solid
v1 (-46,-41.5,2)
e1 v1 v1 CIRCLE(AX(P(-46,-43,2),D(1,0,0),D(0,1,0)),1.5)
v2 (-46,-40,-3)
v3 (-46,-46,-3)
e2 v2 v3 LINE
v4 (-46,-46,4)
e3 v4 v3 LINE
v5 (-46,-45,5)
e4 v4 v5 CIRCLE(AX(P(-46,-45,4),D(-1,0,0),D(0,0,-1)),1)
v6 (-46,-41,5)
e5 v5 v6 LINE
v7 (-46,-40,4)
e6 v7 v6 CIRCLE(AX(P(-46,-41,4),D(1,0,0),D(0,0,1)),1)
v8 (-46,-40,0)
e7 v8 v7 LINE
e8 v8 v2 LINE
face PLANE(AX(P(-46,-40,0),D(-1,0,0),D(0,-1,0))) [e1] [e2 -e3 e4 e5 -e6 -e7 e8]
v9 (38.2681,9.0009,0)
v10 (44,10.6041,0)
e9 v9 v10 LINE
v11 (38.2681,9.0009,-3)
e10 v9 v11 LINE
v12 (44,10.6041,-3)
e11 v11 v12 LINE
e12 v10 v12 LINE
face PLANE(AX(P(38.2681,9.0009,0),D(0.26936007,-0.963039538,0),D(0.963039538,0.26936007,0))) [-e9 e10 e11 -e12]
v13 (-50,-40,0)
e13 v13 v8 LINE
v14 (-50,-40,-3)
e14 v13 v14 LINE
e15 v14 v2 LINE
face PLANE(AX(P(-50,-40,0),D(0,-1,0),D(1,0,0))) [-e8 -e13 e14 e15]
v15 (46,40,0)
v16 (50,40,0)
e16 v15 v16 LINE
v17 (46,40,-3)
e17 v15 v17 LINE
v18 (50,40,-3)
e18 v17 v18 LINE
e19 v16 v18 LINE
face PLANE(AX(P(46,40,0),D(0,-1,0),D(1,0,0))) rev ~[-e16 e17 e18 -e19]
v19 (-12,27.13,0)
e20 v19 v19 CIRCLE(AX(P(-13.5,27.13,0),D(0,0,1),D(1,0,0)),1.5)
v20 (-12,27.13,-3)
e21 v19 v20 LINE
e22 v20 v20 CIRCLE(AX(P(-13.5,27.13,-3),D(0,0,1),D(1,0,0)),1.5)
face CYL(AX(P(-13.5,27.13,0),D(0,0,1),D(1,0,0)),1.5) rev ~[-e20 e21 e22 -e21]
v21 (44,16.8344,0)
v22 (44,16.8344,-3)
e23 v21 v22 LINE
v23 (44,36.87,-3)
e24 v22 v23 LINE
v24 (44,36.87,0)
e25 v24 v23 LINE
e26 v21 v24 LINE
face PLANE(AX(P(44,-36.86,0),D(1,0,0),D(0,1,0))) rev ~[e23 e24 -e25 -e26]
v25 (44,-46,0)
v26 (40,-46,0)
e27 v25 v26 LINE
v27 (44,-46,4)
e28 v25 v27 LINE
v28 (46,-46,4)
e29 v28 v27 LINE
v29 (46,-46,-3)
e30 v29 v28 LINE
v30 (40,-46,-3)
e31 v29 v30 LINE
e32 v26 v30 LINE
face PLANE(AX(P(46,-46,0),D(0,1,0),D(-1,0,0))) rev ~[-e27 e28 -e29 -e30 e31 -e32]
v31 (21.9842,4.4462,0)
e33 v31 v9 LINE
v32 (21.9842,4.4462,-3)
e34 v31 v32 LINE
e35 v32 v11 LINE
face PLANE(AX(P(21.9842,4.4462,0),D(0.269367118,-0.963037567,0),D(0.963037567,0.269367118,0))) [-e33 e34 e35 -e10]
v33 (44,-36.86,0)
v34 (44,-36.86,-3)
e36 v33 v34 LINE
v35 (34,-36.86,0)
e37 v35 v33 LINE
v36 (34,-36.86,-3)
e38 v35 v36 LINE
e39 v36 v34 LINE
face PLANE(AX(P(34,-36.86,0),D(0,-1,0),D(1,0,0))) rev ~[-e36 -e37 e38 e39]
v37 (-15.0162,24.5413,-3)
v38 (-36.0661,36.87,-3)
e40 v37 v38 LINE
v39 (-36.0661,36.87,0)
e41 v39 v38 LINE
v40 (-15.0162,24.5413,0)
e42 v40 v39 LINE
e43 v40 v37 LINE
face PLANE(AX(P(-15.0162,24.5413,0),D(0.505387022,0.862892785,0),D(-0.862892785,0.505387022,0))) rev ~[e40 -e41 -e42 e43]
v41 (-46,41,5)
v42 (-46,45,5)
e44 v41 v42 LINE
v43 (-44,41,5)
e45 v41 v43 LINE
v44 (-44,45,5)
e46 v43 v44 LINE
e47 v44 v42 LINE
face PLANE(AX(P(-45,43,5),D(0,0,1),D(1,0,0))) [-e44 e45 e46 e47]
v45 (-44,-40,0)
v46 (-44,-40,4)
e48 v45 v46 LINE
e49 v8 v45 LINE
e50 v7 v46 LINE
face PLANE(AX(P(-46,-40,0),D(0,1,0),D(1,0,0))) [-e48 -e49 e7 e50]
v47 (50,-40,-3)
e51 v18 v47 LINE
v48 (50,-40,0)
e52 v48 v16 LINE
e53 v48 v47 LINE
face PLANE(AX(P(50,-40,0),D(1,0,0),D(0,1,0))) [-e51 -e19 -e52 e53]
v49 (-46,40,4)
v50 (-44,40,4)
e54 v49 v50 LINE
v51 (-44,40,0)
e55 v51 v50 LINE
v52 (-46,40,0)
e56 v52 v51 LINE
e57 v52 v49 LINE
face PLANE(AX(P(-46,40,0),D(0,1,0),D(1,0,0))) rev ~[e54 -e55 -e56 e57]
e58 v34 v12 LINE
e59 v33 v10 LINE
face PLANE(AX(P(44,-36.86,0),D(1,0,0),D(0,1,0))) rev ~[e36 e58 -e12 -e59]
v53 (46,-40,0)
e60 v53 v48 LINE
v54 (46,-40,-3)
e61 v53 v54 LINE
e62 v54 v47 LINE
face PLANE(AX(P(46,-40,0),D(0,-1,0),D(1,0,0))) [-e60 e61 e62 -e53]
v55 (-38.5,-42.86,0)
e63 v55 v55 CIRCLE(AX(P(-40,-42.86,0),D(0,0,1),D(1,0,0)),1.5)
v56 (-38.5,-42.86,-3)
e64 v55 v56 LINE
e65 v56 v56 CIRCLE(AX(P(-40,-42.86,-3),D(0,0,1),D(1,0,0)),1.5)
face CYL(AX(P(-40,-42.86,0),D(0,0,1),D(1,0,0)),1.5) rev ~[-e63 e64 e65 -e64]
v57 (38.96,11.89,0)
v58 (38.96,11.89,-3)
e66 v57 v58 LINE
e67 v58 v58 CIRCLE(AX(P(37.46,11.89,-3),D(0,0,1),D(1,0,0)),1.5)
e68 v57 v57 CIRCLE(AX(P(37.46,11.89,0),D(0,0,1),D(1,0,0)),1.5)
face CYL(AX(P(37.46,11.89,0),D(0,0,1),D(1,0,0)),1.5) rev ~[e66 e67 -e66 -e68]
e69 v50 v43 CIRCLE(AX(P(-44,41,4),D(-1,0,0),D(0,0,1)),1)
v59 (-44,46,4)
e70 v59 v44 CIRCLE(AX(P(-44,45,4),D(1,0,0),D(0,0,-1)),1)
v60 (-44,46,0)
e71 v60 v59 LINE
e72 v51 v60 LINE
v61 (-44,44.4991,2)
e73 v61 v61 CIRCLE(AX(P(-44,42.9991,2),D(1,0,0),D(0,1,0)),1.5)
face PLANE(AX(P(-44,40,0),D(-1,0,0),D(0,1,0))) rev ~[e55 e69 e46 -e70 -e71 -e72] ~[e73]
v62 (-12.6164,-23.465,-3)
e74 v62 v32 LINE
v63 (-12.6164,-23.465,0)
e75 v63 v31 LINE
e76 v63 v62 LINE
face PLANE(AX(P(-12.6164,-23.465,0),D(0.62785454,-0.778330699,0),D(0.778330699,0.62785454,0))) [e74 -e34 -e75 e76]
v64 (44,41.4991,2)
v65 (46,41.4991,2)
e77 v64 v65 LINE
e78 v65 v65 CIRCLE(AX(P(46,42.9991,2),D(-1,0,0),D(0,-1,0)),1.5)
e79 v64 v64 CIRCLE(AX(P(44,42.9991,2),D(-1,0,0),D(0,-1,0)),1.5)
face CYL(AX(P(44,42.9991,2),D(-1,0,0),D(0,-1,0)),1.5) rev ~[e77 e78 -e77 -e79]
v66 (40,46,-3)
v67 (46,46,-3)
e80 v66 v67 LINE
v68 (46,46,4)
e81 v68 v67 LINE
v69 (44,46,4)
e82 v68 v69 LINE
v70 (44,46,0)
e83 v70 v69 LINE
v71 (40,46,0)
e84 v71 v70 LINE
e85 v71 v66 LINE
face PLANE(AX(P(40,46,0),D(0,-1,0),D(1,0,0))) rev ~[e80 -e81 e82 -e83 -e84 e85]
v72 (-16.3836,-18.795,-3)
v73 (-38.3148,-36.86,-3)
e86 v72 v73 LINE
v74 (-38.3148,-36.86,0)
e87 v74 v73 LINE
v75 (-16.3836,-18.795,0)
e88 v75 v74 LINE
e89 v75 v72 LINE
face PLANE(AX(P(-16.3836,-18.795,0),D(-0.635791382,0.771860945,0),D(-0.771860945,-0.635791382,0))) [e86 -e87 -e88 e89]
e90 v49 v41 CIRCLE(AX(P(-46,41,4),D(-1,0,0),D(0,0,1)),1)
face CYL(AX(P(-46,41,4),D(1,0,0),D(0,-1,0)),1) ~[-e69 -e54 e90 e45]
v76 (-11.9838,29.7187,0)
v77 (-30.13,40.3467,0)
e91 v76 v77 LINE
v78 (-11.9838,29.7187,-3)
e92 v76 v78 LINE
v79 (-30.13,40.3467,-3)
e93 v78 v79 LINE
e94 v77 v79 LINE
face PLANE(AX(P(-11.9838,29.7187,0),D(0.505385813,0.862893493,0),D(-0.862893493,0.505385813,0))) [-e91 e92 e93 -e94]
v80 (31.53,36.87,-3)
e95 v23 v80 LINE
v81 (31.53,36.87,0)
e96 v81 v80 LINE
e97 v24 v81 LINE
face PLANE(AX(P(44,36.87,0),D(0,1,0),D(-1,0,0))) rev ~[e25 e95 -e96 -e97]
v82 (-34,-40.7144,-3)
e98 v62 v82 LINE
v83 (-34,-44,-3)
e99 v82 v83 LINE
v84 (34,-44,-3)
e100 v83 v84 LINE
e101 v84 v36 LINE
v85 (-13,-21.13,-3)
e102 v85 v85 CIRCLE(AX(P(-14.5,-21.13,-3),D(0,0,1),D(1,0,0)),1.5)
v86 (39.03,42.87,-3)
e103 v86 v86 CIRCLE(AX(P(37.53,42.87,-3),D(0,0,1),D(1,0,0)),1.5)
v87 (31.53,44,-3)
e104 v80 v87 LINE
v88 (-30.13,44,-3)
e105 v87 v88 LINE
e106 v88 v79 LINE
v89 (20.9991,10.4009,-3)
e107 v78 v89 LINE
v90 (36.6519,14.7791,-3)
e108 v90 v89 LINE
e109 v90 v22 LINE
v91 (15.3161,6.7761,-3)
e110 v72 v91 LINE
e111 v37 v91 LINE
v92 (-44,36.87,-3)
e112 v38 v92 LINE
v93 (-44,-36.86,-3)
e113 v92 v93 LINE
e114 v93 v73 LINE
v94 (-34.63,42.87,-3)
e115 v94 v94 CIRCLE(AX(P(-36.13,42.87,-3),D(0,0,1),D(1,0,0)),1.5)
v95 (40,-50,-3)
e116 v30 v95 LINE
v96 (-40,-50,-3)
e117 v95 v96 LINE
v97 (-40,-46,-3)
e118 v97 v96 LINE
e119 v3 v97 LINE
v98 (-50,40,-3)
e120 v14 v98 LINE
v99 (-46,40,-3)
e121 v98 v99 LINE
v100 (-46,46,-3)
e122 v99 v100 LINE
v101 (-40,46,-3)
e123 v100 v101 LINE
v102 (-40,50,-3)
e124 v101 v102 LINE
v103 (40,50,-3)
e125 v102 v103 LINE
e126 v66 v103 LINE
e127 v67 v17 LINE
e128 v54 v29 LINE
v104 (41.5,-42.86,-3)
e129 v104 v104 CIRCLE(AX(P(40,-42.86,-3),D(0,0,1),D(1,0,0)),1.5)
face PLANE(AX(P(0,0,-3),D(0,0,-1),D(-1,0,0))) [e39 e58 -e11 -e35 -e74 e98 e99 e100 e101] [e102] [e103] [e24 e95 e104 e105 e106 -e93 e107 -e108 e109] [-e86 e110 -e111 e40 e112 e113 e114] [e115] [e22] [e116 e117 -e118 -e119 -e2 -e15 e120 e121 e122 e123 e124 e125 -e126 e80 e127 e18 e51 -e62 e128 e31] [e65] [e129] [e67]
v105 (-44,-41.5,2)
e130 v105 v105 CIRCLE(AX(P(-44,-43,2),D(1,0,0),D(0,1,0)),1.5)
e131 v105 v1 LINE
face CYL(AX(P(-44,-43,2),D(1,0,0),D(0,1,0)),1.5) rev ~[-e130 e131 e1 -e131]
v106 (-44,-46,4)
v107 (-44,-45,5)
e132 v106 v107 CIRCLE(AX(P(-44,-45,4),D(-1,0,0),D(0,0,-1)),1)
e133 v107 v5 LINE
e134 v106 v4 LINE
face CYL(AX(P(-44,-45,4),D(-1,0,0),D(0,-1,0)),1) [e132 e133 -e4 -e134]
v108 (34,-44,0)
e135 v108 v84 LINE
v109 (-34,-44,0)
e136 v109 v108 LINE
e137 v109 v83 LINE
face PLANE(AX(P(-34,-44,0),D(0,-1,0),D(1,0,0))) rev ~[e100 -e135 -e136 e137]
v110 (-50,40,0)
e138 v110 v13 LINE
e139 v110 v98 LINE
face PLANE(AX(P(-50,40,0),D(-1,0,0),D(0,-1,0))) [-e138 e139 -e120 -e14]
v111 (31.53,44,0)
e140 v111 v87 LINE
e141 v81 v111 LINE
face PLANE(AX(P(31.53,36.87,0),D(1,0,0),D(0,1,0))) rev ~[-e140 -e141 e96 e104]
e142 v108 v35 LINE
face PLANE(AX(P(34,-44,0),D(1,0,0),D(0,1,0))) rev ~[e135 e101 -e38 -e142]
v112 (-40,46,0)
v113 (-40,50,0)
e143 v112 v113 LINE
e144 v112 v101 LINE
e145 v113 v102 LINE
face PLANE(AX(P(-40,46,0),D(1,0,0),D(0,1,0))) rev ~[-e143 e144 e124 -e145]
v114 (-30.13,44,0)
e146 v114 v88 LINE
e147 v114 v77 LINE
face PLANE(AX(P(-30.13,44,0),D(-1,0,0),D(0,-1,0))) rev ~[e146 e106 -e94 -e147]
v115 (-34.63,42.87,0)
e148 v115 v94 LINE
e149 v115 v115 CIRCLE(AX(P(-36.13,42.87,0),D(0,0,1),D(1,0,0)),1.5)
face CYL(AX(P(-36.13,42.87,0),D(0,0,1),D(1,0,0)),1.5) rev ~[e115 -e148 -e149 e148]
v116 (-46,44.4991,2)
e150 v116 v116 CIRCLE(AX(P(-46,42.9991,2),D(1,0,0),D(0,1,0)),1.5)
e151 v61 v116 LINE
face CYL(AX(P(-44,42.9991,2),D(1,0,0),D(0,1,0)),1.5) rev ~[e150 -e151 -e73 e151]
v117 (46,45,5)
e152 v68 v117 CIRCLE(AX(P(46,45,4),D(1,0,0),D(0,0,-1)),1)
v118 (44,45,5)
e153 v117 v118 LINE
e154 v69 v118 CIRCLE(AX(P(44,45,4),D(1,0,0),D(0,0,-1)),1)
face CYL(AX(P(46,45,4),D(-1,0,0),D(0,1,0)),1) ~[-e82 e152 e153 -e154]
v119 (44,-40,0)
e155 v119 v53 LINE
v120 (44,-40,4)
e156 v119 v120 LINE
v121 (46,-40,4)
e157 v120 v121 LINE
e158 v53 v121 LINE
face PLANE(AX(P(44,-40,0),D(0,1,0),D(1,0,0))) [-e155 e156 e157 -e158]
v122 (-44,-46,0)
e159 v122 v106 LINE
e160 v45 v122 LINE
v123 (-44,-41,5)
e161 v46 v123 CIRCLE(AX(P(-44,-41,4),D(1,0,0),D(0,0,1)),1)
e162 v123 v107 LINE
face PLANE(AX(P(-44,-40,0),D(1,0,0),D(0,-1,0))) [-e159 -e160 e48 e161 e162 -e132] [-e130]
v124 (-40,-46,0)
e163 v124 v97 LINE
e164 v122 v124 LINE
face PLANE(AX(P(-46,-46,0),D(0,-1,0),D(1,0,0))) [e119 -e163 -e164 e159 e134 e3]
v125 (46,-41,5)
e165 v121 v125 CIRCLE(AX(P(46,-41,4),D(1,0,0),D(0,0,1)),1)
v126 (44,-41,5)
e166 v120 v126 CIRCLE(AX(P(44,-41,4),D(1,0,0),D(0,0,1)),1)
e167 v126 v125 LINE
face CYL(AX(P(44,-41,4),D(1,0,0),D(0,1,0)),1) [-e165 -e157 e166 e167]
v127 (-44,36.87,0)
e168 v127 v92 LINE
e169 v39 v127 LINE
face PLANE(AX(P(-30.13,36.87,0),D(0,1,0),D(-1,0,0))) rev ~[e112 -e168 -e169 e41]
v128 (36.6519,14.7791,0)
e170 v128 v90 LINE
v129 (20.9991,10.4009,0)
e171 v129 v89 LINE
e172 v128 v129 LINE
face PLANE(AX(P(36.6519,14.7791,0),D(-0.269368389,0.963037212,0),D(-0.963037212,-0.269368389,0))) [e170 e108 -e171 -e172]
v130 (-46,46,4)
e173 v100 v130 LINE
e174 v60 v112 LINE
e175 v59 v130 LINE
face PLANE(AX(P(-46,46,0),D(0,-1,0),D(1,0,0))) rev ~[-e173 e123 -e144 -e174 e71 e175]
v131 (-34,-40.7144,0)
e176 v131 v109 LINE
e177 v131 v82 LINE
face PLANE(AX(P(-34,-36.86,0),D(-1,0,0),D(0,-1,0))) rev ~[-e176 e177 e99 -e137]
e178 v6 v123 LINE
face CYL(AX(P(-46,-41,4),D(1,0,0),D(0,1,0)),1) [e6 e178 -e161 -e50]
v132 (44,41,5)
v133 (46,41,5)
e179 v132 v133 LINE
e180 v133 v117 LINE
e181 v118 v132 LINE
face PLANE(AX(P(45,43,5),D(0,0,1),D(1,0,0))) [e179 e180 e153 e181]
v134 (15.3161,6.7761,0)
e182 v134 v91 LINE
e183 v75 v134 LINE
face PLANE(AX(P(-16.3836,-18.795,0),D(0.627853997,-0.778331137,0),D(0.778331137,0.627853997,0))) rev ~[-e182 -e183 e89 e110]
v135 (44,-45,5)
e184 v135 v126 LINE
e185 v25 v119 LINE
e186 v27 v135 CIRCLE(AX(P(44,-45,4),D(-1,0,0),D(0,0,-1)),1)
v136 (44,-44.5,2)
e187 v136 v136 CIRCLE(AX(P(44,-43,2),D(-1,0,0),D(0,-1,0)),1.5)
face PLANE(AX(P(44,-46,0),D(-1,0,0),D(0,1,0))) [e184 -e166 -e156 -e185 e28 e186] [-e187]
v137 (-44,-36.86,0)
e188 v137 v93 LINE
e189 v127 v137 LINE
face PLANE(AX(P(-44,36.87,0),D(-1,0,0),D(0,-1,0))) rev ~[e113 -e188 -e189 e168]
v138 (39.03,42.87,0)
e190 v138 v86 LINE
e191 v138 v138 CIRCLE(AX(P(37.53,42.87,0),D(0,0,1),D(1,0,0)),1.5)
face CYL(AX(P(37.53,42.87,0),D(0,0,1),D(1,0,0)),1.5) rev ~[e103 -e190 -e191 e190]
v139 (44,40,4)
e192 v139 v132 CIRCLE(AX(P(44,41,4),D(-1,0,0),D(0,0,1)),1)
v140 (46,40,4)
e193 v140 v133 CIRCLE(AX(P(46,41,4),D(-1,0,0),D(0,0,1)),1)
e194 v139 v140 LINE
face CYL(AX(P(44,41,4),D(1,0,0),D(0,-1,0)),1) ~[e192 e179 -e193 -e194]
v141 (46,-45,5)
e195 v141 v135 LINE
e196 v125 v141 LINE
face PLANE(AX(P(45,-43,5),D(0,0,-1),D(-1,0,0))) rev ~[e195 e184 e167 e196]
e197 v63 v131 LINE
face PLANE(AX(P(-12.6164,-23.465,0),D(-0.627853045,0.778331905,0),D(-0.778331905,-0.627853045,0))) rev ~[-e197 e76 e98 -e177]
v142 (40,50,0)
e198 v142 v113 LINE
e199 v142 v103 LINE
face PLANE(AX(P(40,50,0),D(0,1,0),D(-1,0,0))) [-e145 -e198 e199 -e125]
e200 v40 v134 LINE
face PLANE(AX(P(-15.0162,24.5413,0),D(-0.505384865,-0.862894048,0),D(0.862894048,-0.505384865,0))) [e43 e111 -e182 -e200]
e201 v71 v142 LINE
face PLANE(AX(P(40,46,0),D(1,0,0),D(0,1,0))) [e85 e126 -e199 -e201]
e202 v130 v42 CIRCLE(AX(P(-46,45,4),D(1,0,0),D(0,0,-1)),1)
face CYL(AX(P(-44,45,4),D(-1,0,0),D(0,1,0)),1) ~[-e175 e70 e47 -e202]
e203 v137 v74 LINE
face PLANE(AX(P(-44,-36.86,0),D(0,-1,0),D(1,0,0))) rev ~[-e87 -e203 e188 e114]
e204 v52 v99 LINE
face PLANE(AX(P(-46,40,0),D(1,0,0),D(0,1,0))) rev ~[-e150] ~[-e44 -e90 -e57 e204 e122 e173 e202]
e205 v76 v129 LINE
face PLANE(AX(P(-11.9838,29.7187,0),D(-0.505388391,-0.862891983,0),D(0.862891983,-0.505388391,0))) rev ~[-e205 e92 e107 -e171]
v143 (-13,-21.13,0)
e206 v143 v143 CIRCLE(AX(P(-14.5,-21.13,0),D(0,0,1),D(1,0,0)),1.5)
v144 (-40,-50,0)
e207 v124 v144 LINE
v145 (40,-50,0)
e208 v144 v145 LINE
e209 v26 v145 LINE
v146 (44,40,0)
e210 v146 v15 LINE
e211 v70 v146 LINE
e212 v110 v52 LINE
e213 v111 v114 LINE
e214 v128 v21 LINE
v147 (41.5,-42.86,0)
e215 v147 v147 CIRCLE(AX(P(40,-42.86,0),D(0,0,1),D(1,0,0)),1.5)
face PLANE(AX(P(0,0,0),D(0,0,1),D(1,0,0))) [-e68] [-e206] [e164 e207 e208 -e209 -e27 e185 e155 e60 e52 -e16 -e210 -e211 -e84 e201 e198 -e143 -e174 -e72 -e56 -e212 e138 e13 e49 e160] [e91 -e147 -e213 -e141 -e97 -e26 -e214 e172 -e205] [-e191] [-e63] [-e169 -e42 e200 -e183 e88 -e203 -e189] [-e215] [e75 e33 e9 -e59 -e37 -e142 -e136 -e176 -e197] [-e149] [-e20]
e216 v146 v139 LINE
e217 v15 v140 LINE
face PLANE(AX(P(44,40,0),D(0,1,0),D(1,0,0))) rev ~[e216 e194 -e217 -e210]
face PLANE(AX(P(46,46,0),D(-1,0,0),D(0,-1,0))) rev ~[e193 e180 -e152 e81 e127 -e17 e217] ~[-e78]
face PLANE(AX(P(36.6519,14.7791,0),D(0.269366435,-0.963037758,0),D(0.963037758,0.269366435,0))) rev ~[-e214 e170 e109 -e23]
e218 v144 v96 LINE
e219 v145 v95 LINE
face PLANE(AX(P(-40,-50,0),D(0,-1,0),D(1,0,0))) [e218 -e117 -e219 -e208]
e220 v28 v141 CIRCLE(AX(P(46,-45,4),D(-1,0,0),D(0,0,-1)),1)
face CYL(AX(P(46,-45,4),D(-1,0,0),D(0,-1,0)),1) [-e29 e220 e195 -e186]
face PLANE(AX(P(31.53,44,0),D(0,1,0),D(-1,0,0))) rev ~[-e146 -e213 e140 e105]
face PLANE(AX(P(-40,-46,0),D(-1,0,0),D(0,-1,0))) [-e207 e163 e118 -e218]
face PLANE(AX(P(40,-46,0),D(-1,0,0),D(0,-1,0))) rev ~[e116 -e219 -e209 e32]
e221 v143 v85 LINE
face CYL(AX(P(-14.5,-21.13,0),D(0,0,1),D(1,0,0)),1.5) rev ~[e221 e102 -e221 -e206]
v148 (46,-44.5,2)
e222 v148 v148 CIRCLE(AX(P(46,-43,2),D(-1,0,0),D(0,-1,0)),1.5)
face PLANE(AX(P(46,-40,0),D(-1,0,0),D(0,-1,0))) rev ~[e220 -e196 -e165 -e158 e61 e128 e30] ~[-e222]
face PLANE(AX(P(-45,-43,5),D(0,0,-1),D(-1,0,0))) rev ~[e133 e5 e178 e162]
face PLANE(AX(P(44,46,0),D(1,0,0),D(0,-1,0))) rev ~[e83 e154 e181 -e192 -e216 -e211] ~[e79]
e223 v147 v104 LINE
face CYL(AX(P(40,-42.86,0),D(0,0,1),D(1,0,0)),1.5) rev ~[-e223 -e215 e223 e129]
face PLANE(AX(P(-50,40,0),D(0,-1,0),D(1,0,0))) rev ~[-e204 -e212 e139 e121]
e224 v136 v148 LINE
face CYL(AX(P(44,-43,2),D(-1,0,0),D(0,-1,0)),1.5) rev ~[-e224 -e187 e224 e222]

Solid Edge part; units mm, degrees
sketch "Sketch1" plane through (0, 0, 0) normal (0, 0, 1) x (1, 0, 0)
  line L0 (-40, -50) -> (40, -50)
  line L1 (40, -50) -> (50, -50)
  line L2 (50, -50) -> (50, -40)
  line L3 (50, -40) -> (50, 40)
  line L4 (50, 50) -> (50, 40)
  line L5 (40, 50) -> (50, 50)
  line L6 (40, 50) -> (-40, 50)
  line L7 (-50, 50) -> (-40, 50)
  line L8 (-50, 40) -> (-50, 50)
  line L9 (-50, 40) -> (-50, -40)
  line L10 (-50, -40) -> (-50, -50)
  line L11 (-50, -50) -> (-40, -50)
extrude "Protrusion1" add sketch "Sketch1" against normal blind 5
sketch "Sketch2" plane through (0, 0, 0) normal (0, 0, 1) x (1, 0, 0)
  line L0 (50, 50) -> (40, 50)
  line L1 (40, 46) -> (40, 50)
  line L2 (40, 46) -> (46, 46)
  line L3 (46, 46) -> (46, 40)
  line L4 (46, 40) -> (50, 40)
  line L5 (50, 40) -> (50, 50)
  line L6 (50, -40) -> (50, -50)
  line L7 (50, -50) -> (40, -50)
  line L8 (40, -46) -> (40, -50)
  line L9 (46, -46) -> (40, -46)
  line L10 (46, -40) -> (46, -46)
  line L11 (46, -40) -> (50, -40)
  line L12 (-50, -50) -> (-40, -50)
  line L13 (-40, -46) -> (-40, -50)
  line L14 (-46, -46) -> (-40, -46)
  line L15 (-46, -40) -> (-46, -46)
  line L16 (-50, -40) -> (-46, -40)
  line L17 (-50, -40) -> (-50, -50)
  line L18 (-46, 40) -> (-46, 46)
  line L19 (-46, 46) -> (-40, 46)
  line L20 (-40, 46) -> (-40, 50)
  line L21 (-40, 50) -> (-50, 50)
  line L22 (-50, 50) -> (-50, 40)
  line L23 (-50, 40) -> (-46, 40)
  dimension "D1" = 40
  dimension "D2" = 40
  dimension "D3" = 50
  dimension "D4" = 50
  dimension "D5" = 50
  dimension "D6" = 50
  dimension "D7" = 40
  dimension "D8" = 46
  dimension "D9" = 46
  dimension "D10" = 50
  dimension "D11" = 50
  dimension "D12" = 40
  dimension "D13" = 50
  dimension "D14" = 50
  dimension "D15" = 50
  dimension "D16" = 40
extrude "ExtrudedCutout_1" cut sketch "Sketch2" against normal blind 11.3526
sketch "Sketch3" plane through (0, 0, 0) normal (0, 0, 1) x (1, 0, 0)
  circle A0 centre (-40, -42.86) radius 1.5
  circle A1 centre (-36.13, 42.87) radius 1.5
  circle A2 centre (40, -42.86) radius 1.5
  circle A3 centre (37.53, 42.87) radius 1.5
extrude "Cutout1" cut sketch "Sketch3" against normal blind 5
sketch "Sketch4" plane through (0, 0, 0) normal (0, 0, 1) x (0, 1, 0)
  line L0 (36.87, 44) -> (-36.86, 44)
  line L1 (-36.86, 44) -> (-36.86, 34)
  line L2 (-36.86, 34) -> (-44, 34)
  line L3 (-44, 34) -> (-44, -34)
  line L4 (-44, -34) -> (-36.86, -34)
  line L5 (-36.86, -34) -> (-36.86, -44)
  line L6 (-36.86, -44) -> (36.87, -44)
  line L7 (36.87, -44) -> (36.87, -31.53)
  line L8 (36.87, -31.53) -> (44, -31.53)
  line L9 (44, -31.53) -> (44, 30.13)
  line L10 (44, 30.13) -> (36.87, 30.13)
  line L11 (36.87, 30.13) -> (36.87, 44)
extrude "Cutout2" cut sketch "Sketch4" against normal blind 5
sketch "Sketch5" plane through (0, 0, 0) normal (0, 0, 1) x (1, 0, 0)
  line L0 (-46, 40) -> (-44, 40)
  line L1 (-44, 40) -> (-44, 46)
  line L2 (-44, 46) -> (-46, 46)
  line L3 (-46, 40) -> (-46, 46)
  line L4 (46, 46) -> (44, 46)
  line L5 (44, 46) -> (44, 40)
  line L6 (44, 40) -> (46, 40)
  line L7 (46, 40) -> (46, 46)
  line L8 (-46, -40) -> (-44, -40)
  line L9 (-44, -40) -> (-44, -46)
  line L10 (-44, -46) -> (-46, -46)
  line L11 (-46, -46) -> (-46, -40)
  line L12 (46, -46) -> (44, -46)
  line L13 (44, -46) -> (44, -40)
  line L14 (44, -40) -> (46, -40)
  line L15 (46, -40) -> (46, -46)
extrude "ExtrudedProtrusion_3" add sketch "Sketch5" along normal blind 5
sketch "Sketch6" plane through (-44, -43, 3) normal (1, 0, 0) x (0, 1, 0)
  circle A0 centre (0, -1) radius 1.5
  circle A1 centre (85.9991, -1) radius 1.5
extrude "ExtrudedCutout_14" cut sketch "Sketch6" against normal blind 2
sketch "Sketch7" plane through (44, 43, 2.5) normal (-1, 0, 0) x (0, -1, 0)
  circle A0 centre (0.0009, -0.5) radius 1.5
  circle A1 centre (86, -0.5) radius 1.5
extrude "ExtrudedCutout_15" cut sketch "Sketch7" against normal blind 2
fillet "Round_2" radius 1 8 edges at (45, 40, 5) (45, 46, 5) (-45, 40, 5) (-45, 46, 5) (-45, -46, 5) (-45, -40, 5) (45, -46, 5) (45, -40, 5)
sketch "Sketch8" plane through (0, 0, -5) normal (0, 0, -1) x (0, -1, 0)
  line L0 (-50, -50) -> (50, -50)
  line L1 (50, -50) -> (50, 50)
  line L2 (50, 50) -> (-50, 50)
  line L3 (-50, 50) -> (-50, -50)
  dimension "D1" = 50
  dimension "D2" = 50
extrude "ExtrudedCutout_16" cut sketch "Sketch8" against normal blind 2
sketch "Sketch9" plane through (0, 0, 0) normal (0, 0, 1) x (1, 0, 0)
  line L0 (-36.0661, 36.87) -> (-30.13, 36.87)
  line L1 (-15.0162, 24.5413) -> (-36.0661, 36.87)
  line L2 (-15.0162, 24.5413) -> (15.3161, 6.7761)
  line L3 (-16.3836, -18.795) -> (15.3161, 6.7761)
  line L4 (-16.3836, -18.795) -> (-38.3148, -36.86)
  line L5 (-34, -36.86) -> (-38.3148, -36.86)
  line L6 (-34, -40.7144) -> (-34, -36.86)
  line L7 (-12.6164, -23.465) -> (-34, -40.7144)
  line L8 (-12.6164, -23.465) -> (21.9842, 4.4462)
  line L9 (21.9842, 4.4462) -> (38.2681, 9.0009)
  line L10 (38.2681, 9.0009) -> (44, 10.6041)
  line L11 (44, 10.6041) -> (44, 16.8344)
  line L12 (36.6519, 14.7791) -> (44, 16.8344)
  line L13 (36.6519, 14.7791) -> (20.9991, 10.4009)
  line L14 (-11.9838, 29.7187) -> (20.9991, 10.4009)
  line L15 (-11.9838, 29.7187) -> (-30.13, 40.3467)
  line L16 (-30.13, 40.3467) -> (-30.13, 36.87)
extrude "ExtrudedProtrusion_4" add sketch "Sketch9" against normal blind 3
sketch "Sketch10" plane through (0, 0, 0) normal (0, 0, 1) x (1, 0, 0)
  circle A0 centre (-13.5, 27.13) radius 1.5
  circle A1 centre (37.46, 11.89) radius 1.5
  circle A2 centre (-14.5, -21.13) radius 1.5
extrude "Cutout3" cut sketch "Sketch10" against normal blind 3
